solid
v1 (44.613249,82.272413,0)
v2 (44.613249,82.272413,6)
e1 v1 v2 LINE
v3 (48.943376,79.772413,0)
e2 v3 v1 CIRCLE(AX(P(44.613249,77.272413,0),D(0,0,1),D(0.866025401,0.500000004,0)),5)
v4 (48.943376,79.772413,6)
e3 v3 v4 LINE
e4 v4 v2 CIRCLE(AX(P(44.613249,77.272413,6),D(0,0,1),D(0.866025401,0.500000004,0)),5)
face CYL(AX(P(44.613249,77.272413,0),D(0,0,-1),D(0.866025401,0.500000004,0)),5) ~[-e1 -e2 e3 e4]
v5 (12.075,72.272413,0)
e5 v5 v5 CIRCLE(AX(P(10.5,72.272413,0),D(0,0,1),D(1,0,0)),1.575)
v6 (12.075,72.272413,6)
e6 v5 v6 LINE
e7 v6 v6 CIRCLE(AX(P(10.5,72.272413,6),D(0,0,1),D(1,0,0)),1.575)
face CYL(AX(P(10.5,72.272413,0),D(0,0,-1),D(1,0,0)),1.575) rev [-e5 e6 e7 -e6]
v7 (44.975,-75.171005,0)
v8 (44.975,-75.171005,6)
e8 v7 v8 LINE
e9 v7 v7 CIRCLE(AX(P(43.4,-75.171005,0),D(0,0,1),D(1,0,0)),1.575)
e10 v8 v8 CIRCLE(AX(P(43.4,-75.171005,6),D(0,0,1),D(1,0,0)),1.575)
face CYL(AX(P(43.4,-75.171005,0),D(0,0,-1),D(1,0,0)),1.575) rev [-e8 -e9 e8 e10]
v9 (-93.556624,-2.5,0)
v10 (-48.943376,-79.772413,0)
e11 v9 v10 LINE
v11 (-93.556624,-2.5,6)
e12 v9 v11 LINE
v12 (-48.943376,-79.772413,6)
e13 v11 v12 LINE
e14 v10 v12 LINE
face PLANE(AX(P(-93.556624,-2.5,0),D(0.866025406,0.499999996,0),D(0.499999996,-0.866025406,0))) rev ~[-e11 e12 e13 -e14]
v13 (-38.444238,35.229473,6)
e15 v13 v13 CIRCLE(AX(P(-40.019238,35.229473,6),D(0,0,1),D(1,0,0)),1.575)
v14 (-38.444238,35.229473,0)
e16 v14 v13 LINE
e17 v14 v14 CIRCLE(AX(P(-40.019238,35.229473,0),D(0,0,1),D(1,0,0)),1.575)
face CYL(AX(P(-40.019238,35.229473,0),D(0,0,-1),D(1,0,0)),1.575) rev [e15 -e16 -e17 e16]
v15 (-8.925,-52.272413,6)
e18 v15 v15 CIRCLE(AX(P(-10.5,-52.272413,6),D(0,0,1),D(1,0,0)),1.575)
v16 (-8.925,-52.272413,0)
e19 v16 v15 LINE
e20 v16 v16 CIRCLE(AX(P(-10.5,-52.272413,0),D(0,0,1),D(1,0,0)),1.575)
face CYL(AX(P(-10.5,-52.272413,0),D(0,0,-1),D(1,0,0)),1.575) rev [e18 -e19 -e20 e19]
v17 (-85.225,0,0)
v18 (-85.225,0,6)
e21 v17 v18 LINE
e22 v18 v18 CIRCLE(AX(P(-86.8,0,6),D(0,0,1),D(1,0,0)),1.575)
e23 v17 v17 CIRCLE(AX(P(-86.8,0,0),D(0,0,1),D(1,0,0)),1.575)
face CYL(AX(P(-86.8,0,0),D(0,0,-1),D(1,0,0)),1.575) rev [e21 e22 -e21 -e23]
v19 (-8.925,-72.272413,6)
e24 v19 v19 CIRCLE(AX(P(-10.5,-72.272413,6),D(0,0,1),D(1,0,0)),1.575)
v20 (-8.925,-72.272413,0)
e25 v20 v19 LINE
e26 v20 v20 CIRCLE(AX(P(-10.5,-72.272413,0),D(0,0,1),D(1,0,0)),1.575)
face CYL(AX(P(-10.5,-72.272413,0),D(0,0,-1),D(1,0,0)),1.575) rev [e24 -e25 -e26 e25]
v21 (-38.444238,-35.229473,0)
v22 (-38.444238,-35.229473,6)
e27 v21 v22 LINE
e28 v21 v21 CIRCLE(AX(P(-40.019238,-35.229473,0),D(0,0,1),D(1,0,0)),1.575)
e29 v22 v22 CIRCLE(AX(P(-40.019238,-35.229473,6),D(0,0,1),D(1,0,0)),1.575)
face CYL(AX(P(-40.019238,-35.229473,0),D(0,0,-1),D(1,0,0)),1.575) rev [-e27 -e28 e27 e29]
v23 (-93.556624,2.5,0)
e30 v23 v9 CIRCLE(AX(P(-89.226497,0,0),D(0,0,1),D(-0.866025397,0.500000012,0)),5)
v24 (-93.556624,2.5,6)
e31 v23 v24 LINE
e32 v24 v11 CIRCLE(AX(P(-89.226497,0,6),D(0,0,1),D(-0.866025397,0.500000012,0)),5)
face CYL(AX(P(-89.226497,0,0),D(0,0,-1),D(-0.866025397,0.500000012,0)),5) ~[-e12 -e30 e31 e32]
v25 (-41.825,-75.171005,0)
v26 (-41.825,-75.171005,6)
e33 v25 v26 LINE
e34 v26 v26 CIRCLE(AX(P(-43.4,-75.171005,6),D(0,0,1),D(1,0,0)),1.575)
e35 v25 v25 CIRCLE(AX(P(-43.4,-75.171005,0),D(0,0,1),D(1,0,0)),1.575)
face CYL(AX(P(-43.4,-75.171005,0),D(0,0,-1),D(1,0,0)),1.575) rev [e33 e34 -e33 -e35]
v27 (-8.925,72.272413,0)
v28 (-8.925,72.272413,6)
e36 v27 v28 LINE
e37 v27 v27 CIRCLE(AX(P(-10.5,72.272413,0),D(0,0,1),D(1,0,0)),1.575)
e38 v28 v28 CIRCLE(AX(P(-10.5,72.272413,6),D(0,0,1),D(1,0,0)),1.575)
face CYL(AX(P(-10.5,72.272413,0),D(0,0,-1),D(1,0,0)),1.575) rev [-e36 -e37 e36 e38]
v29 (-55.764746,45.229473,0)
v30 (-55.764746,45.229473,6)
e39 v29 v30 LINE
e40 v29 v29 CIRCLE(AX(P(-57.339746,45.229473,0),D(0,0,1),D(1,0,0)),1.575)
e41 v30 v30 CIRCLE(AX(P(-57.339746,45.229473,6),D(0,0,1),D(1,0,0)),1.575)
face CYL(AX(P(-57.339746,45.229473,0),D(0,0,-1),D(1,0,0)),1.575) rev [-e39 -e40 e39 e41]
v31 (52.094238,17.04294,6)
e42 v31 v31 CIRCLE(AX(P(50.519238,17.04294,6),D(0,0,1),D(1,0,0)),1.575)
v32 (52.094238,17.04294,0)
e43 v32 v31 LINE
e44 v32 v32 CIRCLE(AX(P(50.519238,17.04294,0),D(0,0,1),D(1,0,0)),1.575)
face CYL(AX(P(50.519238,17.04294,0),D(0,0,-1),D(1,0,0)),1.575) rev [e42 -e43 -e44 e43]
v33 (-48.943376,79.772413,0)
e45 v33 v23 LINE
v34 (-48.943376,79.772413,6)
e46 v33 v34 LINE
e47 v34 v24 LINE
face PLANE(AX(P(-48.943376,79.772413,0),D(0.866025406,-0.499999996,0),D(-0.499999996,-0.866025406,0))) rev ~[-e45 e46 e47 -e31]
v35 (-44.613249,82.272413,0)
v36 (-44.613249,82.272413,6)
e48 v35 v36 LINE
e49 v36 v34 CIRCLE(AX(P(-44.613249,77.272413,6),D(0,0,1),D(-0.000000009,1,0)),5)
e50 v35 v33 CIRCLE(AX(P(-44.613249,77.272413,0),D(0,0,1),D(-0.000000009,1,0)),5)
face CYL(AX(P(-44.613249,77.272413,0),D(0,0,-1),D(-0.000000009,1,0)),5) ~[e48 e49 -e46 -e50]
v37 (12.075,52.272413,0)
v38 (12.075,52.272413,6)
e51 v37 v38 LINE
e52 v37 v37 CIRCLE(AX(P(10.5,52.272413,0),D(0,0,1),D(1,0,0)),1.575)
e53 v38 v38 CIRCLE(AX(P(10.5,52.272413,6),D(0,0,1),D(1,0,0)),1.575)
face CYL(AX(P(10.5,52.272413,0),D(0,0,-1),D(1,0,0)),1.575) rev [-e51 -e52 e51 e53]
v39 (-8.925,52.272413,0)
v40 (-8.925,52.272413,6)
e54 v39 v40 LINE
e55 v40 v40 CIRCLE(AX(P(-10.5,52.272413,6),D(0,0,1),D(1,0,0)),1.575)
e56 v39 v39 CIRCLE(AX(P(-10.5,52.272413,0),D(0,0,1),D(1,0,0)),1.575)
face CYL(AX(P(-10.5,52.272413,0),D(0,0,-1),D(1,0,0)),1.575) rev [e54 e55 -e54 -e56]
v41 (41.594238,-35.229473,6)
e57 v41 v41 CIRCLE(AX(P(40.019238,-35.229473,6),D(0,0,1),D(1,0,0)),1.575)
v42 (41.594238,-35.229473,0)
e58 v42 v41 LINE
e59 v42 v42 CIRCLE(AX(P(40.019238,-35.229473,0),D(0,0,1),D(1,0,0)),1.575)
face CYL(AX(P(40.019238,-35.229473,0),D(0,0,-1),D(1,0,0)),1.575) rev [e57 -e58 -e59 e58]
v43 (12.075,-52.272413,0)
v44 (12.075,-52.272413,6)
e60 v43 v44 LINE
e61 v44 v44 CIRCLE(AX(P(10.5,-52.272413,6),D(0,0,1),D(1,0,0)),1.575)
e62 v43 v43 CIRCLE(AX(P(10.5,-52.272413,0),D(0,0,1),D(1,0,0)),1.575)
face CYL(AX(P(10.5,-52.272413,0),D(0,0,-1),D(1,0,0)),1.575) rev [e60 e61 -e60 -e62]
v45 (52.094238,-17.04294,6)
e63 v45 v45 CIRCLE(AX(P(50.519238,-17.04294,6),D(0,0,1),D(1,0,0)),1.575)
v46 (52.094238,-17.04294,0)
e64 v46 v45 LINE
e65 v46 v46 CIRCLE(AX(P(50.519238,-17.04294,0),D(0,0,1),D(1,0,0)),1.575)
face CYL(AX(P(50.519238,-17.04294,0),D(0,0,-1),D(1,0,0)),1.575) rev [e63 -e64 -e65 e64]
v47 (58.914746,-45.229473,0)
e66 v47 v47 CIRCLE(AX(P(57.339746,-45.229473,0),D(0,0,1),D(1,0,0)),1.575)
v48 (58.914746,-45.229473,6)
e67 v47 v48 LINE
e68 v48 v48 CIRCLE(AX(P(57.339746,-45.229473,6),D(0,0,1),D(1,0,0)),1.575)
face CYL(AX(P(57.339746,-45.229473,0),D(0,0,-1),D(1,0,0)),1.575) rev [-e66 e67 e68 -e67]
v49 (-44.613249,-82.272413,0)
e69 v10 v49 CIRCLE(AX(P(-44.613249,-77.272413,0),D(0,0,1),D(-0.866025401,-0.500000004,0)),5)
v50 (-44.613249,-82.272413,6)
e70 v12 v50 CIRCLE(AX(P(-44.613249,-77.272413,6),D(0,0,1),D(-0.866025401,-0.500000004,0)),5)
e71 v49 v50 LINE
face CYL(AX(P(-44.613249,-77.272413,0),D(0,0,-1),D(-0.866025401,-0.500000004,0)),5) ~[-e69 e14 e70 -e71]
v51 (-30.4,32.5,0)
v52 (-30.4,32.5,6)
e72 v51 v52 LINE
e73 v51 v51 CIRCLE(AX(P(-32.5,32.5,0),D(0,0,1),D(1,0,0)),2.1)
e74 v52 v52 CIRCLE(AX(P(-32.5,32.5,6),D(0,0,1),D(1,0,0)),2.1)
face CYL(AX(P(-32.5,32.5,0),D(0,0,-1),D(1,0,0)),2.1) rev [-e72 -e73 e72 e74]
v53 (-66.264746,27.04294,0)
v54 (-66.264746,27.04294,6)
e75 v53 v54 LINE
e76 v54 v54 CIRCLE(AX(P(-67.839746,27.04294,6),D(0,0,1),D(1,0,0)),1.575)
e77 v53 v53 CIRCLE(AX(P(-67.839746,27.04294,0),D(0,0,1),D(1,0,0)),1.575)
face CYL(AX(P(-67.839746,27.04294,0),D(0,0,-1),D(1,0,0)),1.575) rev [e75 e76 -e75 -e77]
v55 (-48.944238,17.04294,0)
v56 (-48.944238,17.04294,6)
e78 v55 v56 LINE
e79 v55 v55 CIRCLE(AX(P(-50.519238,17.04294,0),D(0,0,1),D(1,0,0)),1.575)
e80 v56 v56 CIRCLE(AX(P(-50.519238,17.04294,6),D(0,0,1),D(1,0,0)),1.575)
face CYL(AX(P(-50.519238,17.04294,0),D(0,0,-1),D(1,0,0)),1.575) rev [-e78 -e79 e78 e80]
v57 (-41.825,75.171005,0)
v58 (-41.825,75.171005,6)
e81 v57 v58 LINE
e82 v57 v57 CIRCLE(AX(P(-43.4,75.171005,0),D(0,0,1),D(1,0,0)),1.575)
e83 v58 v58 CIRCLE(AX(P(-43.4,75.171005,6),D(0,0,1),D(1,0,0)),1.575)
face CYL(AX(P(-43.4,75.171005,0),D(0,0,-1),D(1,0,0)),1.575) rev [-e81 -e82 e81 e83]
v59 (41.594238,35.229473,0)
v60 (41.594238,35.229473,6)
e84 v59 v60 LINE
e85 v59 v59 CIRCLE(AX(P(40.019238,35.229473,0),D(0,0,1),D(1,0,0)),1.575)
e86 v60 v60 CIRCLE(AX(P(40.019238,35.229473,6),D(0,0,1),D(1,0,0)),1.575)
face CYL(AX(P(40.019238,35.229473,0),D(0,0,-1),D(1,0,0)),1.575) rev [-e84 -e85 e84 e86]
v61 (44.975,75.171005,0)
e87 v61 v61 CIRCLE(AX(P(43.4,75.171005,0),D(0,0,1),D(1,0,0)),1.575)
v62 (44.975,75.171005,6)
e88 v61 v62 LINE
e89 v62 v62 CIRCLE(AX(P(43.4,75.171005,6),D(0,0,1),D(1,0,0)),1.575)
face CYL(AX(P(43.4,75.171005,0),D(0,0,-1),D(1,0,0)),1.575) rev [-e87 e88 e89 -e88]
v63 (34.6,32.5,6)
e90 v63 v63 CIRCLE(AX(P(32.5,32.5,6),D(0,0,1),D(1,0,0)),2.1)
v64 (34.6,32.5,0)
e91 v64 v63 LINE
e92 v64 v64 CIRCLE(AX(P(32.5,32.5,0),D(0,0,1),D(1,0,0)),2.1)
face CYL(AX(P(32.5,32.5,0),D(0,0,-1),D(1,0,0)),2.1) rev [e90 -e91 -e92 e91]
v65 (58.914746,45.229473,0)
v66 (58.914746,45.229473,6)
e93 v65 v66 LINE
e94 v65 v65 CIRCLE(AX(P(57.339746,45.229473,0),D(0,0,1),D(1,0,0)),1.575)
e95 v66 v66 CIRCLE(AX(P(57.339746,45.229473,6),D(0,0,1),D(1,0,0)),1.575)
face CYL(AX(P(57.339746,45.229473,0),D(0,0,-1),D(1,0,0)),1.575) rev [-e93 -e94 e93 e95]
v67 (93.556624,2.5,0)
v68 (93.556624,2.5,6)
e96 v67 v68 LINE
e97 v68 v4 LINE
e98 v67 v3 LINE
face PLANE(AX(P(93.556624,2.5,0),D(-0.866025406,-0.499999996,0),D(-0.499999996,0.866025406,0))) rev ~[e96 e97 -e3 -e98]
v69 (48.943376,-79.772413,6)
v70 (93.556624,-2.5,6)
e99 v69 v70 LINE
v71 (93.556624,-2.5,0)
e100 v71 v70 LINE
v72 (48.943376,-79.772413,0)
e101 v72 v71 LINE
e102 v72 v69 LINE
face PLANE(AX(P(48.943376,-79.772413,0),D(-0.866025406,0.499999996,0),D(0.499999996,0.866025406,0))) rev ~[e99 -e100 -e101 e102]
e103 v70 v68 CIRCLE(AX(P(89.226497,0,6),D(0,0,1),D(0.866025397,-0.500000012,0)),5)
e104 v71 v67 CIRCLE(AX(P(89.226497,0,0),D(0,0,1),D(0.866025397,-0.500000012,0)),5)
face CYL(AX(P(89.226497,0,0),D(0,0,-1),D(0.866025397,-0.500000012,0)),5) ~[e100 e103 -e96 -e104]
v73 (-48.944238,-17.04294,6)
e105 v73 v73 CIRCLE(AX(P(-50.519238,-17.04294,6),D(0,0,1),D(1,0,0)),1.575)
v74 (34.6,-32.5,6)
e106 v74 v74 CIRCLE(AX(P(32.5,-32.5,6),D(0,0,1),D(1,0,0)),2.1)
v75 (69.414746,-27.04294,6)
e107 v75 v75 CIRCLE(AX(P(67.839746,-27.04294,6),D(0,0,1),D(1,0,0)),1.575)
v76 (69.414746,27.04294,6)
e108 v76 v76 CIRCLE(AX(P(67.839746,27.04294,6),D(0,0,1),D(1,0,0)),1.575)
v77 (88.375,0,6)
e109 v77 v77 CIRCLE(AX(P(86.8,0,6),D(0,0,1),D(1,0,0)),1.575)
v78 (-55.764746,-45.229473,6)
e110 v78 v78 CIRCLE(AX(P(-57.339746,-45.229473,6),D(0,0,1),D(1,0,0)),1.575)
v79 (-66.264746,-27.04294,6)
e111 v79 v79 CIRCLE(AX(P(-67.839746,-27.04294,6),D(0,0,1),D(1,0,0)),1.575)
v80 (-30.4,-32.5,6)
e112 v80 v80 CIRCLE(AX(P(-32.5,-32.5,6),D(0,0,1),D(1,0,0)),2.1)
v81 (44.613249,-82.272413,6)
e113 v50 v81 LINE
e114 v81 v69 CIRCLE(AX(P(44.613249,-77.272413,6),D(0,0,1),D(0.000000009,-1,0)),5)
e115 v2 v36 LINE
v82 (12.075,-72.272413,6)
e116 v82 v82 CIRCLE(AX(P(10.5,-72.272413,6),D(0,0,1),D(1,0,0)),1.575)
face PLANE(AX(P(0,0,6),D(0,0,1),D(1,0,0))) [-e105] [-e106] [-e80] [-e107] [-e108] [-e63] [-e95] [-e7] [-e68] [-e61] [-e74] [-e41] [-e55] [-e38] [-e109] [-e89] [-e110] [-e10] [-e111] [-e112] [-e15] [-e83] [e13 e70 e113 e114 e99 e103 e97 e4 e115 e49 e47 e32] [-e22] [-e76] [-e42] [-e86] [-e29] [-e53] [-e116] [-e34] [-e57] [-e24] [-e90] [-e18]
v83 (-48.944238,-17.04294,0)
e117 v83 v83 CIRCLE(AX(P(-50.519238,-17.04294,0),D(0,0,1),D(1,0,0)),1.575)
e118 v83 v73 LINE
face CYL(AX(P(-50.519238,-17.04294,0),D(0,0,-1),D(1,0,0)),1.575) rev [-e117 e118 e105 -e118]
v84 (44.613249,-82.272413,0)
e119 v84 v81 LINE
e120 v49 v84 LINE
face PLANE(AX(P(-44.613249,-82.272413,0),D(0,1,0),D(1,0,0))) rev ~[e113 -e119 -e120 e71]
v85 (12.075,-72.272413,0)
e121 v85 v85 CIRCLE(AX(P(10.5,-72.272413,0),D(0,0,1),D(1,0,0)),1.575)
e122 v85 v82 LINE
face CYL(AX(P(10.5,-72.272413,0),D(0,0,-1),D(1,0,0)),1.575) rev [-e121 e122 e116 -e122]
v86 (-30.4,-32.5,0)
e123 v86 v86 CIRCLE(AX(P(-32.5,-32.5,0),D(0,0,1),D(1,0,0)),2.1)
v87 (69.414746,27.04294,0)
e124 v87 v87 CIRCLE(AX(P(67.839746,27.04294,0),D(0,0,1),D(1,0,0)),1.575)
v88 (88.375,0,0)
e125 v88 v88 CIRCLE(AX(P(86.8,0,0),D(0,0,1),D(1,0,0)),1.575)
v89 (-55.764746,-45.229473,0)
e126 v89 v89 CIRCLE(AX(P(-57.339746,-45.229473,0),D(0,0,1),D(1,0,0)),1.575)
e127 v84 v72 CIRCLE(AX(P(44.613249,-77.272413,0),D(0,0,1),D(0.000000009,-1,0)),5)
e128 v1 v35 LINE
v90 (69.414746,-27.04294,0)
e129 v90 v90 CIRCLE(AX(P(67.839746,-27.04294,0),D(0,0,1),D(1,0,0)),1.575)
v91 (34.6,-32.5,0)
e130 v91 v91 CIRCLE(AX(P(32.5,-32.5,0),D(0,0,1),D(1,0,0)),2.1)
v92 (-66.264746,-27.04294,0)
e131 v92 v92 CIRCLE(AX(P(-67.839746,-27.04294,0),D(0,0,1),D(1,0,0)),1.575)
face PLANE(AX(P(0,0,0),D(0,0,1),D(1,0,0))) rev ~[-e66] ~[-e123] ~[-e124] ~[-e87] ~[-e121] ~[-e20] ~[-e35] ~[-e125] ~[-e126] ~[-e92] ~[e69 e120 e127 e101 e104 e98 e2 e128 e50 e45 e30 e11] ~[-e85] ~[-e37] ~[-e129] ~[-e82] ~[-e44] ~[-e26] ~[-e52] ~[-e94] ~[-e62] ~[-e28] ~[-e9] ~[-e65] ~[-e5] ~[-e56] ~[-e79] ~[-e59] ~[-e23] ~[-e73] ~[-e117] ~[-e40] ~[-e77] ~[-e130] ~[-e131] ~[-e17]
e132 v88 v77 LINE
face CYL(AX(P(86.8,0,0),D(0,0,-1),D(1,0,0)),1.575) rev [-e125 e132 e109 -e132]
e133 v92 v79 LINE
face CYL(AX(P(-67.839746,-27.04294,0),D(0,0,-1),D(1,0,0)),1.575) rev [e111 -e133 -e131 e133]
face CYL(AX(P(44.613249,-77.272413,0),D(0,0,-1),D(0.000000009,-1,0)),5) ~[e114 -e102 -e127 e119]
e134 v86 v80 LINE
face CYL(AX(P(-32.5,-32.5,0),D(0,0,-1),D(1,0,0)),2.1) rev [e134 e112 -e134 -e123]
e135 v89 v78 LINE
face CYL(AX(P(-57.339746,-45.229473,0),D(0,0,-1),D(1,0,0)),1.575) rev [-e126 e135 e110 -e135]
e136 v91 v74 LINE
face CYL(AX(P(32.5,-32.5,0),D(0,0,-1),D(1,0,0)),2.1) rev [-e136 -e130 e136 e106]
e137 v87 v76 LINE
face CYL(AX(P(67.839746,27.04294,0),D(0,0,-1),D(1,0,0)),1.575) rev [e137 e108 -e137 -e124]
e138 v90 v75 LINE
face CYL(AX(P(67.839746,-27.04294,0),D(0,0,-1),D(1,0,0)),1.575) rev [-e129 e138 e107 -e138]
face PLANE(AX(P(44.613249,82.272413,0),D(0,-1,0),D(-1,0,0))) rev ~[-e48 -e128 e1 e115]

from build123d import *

# Parameters (mm, degrees)
F0_R     = 1.575
F0_R_2   = 2.1
F1_DEPTH = 6


with BuildPart() as f1:
    # F0 (on Top) → F1 (new body)
    with BuildSketch(Plane.XY):
        with BuildLine():
            Line((-93.556624, -2.5), (-48.943376, -79.772413))
            ThreePointArc((-48.943376, -79.772413), (-47.113249, -81.60254), (-44.613249, -82.272413))
            Line((-44.613249, -82.272413), (44.613249, -82.272413))
            ThreePointArc((44.613249, -82.272413), (47.113249, -81.60254), (48.943376, -79.772413))
            Line((48.943376, -79.772413), (93.556624, -2.5))
            ThreePointArc((93.556624, -2.5), (94.226497, 0), (93.556624, 2.5))
            Line((93.556624, 2.5), (48.943376, 79.772413))
            ThreePointArc((48.943376, 79.772413), (47.113249, 81.60254), (44.613249, 82.272413))
            Line((44.613249, 82.272413), (-44.613249, 82.272413))
            ThreePointArc((-44.613249, 82.272413), (-47.113249, 81.60254), (-48.943376, 79.772413))
            Line((-48.943376, 79.772413), (-93.556624, 2.5))
            ThreePointArc((-93.556624, 2.5), (-94.226497, 0), (-93.556624, -2.5))
        make_face()
        with Locations((-57.339746, -45.229473)):
            Circle(F0_R, mode=Mode.SUBTRACT)
        with Locations((-43.4, -75.171005)):
            Circle(F0_R, mode=Mode.SUBTRACT)
        with Locations((-10.5, -72.272413)):
            Circle(F0_R, mode=Mode.SUBTRACT)
        with Locations((-10.5, -52.272413)):
            Circle(F0_R, mode=Mode.SUBTRACT)
        with Locations((-67.839746, -27.04294)):
            Circle(F0_R, mode=Mode.SUBTRACT)
        with Locations((-86.8, 0)):
            Circle(F0_R, mode=Mode.SUBTRACT)
        with Locations((-50.519238, -17.04294)):
            Circle(F0_R, mode=Mode.SUBTRACT)
        with Locations((-40.019238, -35.229473)):
            Circle(F0_R, mode=Mode.SUBTRACT)
        with Locations((-32.5, -32.5)):
            Circle(F0_R_2, mode=Mode.SUBTRACT)
        with Locations((10.5, -72.272413)):
            Circle(F0_R, mode=Mode.SUBTRACT)
        with Locations((43.4, -75.171005)):
            Circle(F0_R, mode=Mode.SUBTRACT)
        with Locations((10.5, -52.272413)):
            Circle(F0_R, mode=Mode.SUBTRACT)
        with Locations((57.339746, -45.229473)):
            Circle(F0_R, mode=Mode.SUBTRACT)
        with Locations((32.5, -32.5)):
            Circle(F0_R_2, mode=Mode.SUBTRACT)
        with Locations((40.019238, -35.229473)):
            Circle(F0_R, mode=Mode.SUBTRACT)
        with Locations((67.839746, -27.04294)):
            Circle(F0_R, mode=Mode.SUBTRACT)
        with Locations((50.519238, -17.04294)):
            Circle(F0_R, mode=Mode.SUBTRACT)
        with Locations((86.8, 0)):
            Circle(F0_R, mode=Mode.SUBTRACT)
        with Locations((-50.519238, 17.04294)):
            Circle(F0_R, mode=Mode.SUBTRACT)
        with Locations((-67.839746, 27.04294)):
            Circle(F0_R, mode=Mode.SUBTRACT)
        with Locations((-40.019238, 35.229473)):
            Circle(F0_R, mode=Mode.SUBTRACT)
        with Locations((-32.5, 32.5)):
            Circle(F0_R_2, mode=Mode.SUBTRACT)
        with Locations((-57.339746, 45.229473)):
            Circle(F0_R, mode=Mode.SUBTRACT)
        with Locations((-10.5, 52.272413)):
            Circle(F0_R, mode=Mode.SUBTRACT)
        with Locations((-43.4, 75.171005)):
            Circle(F0_R, mode=Mode.SUBTRACT)
        with Locations((-10.5, 72.272413)):
            Circle(F0_R, mode=Mode.SUBTRACT)
        with Locations((32.5, 32.5)):
            Circle(F0_R_2, mode=Mode.SUBTRACT)
        with Locations((40.019238, 35.229473)):
            Circle(F0_R, mode=Mode.SUBTRACT)
        with Locations((50.519238, 17.04294)):
            Circle(F0_R, mode=Mode.SUBTRACT)
        with Locations((67.839746, 27.04294)):
            Circle(F0_R, mode=Mode.SUBTRACT)
        with Locations((10.5, 52.272413)):
            Circle(F0_R, mode=Mode.SUBTRACT)
        with Locations((10.5, 72.272413)):
            Circle(F0_R, mode=Mode.SUBTRACT)
        with Locations((43.4, 75.171005)):
            Circle(F0_R, mode=Mode.SUBTRACT)
        with Locations((57.339746, 45.229473)):
            Circle(F0_R, mode=Mode.SUBTRACT)
    extrude(amount=F1_DEPTH)


solid = f1.part
